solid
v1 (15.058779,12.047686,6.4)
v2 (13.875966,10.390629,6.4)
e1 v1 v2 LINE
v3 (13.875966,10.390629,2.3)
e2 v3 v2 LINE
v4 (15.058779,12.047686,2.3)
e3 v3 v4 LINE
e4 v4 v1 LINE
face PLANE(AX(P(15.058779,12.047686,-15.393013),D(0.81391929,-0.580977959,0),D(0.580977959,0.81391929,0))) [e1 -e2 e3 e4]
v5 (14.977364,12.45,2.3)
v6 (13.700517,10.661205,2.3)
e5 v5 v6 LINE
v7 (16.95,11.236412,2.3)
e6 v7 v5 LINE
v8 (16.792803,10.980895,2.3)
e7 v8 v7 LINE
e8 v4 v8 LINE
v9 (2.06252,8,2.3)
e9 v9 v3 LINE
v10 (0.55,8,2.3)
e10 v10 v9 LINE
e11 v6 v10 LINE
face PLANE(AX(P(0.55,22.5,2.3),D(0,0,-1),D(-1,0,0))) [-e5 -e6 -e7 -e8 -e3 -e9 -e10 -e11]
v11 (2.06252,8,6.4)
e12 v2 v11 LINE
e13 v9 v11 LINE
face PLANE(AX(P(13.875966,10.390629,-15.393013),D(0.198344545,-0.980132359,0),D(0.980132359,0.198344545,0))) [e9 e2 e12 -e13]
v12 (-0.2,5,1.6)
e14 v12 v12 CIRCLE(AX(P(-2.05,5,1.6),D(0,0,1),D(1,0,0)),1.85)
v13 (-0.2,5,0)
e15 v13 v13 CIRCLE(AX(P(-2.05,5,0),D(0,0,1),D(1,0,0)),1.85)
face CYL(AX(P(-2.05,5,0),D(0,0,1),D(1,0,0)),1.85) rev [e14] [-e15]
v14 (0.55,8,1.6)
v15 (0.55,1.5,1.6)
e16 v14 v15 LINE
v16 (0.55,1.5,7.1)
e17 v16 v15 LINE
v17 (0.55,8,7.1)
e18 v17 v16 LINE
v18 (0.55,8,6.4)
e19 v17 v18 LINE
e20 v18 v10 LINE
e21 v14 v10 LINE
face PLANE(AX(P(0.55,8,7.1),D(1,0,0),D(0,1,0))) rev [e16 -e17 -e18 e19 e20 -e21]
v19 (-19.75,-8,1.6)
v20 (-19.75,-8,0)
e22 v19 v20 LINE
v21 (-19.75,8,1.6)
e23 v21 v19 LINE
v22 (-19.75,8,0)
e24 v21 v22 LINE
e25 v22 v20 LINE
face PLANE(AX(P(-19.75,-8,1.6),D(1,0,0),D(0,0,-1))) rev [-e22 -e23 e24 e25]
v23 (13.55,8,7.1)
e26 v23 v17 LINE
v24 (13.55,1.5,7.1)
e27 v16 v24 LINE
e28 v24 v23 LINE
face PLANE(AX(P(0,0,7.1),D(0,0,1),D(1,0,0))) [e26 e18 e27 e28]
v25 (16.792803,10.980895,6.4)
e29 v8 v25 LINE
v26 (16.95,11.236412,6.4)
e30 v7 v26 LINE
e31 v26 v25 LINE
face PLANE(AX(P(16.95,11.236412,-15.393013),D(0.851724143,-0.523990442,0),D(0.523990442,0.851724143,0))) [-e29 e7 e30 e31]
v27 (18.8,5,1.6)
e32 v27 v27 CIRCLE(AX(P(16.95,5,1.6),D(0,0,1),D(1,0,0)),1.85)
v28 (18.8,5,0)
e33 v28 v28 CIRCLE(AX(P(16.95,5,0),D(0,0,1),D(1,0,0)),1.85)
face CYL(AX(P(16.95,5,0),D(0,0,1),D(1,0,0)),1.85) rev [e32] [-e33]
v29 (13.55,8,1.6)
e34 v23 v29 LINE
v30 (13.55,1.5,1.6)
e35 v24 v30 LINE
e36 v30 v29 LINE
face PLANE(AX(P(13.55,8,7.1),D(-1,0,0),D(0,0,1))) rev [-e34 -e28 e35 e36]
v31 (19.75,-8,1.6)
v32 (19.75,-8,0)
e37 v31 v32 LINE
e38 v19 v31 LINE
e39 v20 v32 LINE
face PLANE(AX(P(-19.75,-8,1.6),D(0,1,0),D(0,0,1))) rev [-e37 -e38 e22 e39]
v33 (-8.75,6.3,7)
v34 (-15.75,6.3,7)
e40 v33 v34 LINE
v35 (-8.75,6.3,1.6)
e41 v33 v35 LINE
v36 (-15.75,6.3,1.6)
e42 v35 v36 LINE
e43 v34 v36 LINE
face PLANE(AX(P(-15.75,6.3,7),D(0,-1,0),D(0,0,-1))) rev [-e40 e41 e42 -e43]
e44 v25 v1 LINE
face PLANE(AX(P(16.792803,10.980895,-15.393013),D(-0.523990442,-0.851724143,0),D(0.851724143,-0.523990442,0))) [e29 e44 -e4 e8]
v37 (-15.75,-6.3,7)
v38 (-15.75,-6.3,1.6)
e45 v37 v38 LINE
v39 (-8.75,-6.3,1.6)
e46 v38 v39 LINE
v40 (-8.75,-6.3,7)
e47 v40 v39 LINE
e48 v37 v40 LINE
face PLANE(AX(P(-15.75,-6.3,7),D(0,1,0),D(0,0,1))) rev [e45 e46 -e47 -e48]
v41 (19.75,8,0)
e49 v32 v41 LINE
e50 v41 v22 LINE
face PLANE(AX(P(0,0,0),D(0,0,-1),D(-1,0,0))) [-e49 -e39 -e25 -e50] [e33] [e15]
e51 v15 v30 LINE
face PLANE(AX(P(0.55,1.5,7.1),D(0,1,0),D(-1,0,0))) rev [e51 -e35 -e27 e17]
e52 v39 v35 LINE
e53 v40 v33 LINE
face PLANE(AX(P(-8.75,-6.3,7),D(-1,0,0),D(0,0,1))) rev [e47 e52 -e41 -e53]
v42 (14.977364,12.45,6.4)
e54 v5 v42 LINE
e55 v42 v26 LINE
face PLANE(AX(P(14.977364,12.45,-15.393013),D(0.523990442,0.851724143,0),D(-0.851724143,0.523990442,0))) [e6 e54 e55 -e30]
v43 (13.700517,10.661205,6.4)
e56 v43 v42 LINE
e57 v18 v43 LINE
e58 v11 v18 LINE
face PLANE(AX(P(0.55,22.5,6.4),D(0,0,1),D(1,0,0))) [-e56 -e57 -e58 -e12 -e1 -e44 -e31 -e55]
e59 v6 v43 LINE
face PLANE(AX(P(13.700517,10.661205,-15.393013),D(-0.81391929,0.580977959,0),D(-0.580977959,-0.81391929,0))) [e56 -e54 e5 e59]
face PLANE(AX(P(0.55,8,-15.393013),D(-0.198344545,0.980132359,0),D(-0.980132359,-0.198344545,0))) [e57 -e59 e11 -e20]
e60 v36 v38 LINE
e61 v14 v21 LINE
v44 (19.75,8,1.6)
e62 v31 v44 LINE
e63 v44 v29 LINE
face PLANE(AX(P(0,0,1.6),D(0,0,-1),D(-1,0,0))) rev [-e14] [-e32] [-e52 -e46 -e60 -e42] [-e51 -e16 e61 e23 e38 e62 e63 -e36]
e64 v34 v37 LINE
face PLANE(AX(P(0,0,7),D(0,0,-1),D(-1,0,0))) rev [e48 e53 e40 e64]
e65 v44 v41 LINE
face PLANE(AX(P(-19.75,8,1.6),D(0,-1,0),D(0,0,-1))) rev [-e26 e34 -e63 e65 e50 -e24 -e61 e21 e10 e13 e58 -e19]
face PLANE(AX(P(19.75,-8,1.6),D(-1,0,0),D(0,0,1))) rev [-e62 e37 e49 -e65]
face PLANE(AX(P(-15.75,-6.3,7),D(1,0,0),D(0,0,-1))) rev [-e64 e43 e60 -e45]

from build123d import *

# Parameters (mm, degrees)
SKETCH1_W           = 39.5
SKETCH1_H           = 16
BOSS_EXTRUDE1_DEPTH = 1.6
SKETCH2_R           = 1.85
CUT_EXTRUDE1_DEPTH  = 1.6
SKETCH3_W           = 13
SKETCH3_H           = 6.5
BOSS_EXTRUDE2_DEPTH = 5.5
BOSS_EXTRUDE3_DEPTH = 5.5
SKETCH5_W           = 19.265102418
SKETCH5_H           = 0.7
CUT_EXTRUDE2_DEPTH  = 14.5
SKETCH6_W           = 7
SKETCH6_H           = 12.6
BOSS_EXTRUDE4_DEPTH = 5.4


with BuildPart() as part:
    # Sketch1 → Boss-Extrude1 (new body)
    with BuildSketch(Plane.XY):
        Rectangle(SKETCH1_W, SKETCH1_H)
    extrude(amount=BOSS_EXTRUDE1_DEPTH)

    # Sketch2 → Cut-Extrude1 (cut)
    with BuildSketch(Plane.XY.offset(1.6)):
        with Locations((16.95, 5)):
            Circle(SKETCH2_R)
        with Locations((-2.05, 5)):
            Circle(SKETCH2_R)
    extrude(amount=-CUT_EXTRUDE1_DEPTH, mode=Mode.SUBTRACT)

    # Sketch3 → Boss-Extrude2 (add)
    with BuildSketch(Plane.XY.offset(1.6)):
        with Locations((7.05, 4.75)):
            Rectangle(SKETCH3_W, SKETCH3_H)
    extrude(amount=BOSS_EXTRUDE2_DEPTH)

    # Sketch4 → Boss-Extrude3 (add)
    with BuildSketch(Plane.XY.offset(7.1)):
        Polygon((0.55, 8), (13.700517382, 10.661205252), (14.977364281, 12.45), (16.95, 11.236411926), (16.792802867, 10.980894683), (15.058778515, 12.047686313), (13.875966055, 10.390628824), (2.062519543, 8), align=None)
    extrude(amount=-BOSS_EXTRUDE3_DEPTH)

    # Sketch5 → Cut-Extrude2 (cut)
    with BuildSketch(Plane(origin=(0, 8, 0), x_dir=(1, 0, 0), z_dir=(0, 1, 0))):
        with Locations((10.182551209, -6.75)):
            Rectangle(SKETCH5_W, SKETCH5_H)
        with Locations((10.182551209, -1.95)):
            Rectangle(SKETCH5_W, SKETCH5_H)
    extrude(amount=CUT_EXTRUDE2_DEPTH, mode=Mode.SUBTRACT)

    # Sketch6 → Boss-Extrude4 (add)
    with BuildSketch(Plane.XY.offset(1.6)):
        with Locations((-12.25, 0)):
            Rectangle(SKETCH6_W, SKETCH6_H)
    extrude(amount=BOSS_EXTRUDE4_DEPTH)


solid = part.part
